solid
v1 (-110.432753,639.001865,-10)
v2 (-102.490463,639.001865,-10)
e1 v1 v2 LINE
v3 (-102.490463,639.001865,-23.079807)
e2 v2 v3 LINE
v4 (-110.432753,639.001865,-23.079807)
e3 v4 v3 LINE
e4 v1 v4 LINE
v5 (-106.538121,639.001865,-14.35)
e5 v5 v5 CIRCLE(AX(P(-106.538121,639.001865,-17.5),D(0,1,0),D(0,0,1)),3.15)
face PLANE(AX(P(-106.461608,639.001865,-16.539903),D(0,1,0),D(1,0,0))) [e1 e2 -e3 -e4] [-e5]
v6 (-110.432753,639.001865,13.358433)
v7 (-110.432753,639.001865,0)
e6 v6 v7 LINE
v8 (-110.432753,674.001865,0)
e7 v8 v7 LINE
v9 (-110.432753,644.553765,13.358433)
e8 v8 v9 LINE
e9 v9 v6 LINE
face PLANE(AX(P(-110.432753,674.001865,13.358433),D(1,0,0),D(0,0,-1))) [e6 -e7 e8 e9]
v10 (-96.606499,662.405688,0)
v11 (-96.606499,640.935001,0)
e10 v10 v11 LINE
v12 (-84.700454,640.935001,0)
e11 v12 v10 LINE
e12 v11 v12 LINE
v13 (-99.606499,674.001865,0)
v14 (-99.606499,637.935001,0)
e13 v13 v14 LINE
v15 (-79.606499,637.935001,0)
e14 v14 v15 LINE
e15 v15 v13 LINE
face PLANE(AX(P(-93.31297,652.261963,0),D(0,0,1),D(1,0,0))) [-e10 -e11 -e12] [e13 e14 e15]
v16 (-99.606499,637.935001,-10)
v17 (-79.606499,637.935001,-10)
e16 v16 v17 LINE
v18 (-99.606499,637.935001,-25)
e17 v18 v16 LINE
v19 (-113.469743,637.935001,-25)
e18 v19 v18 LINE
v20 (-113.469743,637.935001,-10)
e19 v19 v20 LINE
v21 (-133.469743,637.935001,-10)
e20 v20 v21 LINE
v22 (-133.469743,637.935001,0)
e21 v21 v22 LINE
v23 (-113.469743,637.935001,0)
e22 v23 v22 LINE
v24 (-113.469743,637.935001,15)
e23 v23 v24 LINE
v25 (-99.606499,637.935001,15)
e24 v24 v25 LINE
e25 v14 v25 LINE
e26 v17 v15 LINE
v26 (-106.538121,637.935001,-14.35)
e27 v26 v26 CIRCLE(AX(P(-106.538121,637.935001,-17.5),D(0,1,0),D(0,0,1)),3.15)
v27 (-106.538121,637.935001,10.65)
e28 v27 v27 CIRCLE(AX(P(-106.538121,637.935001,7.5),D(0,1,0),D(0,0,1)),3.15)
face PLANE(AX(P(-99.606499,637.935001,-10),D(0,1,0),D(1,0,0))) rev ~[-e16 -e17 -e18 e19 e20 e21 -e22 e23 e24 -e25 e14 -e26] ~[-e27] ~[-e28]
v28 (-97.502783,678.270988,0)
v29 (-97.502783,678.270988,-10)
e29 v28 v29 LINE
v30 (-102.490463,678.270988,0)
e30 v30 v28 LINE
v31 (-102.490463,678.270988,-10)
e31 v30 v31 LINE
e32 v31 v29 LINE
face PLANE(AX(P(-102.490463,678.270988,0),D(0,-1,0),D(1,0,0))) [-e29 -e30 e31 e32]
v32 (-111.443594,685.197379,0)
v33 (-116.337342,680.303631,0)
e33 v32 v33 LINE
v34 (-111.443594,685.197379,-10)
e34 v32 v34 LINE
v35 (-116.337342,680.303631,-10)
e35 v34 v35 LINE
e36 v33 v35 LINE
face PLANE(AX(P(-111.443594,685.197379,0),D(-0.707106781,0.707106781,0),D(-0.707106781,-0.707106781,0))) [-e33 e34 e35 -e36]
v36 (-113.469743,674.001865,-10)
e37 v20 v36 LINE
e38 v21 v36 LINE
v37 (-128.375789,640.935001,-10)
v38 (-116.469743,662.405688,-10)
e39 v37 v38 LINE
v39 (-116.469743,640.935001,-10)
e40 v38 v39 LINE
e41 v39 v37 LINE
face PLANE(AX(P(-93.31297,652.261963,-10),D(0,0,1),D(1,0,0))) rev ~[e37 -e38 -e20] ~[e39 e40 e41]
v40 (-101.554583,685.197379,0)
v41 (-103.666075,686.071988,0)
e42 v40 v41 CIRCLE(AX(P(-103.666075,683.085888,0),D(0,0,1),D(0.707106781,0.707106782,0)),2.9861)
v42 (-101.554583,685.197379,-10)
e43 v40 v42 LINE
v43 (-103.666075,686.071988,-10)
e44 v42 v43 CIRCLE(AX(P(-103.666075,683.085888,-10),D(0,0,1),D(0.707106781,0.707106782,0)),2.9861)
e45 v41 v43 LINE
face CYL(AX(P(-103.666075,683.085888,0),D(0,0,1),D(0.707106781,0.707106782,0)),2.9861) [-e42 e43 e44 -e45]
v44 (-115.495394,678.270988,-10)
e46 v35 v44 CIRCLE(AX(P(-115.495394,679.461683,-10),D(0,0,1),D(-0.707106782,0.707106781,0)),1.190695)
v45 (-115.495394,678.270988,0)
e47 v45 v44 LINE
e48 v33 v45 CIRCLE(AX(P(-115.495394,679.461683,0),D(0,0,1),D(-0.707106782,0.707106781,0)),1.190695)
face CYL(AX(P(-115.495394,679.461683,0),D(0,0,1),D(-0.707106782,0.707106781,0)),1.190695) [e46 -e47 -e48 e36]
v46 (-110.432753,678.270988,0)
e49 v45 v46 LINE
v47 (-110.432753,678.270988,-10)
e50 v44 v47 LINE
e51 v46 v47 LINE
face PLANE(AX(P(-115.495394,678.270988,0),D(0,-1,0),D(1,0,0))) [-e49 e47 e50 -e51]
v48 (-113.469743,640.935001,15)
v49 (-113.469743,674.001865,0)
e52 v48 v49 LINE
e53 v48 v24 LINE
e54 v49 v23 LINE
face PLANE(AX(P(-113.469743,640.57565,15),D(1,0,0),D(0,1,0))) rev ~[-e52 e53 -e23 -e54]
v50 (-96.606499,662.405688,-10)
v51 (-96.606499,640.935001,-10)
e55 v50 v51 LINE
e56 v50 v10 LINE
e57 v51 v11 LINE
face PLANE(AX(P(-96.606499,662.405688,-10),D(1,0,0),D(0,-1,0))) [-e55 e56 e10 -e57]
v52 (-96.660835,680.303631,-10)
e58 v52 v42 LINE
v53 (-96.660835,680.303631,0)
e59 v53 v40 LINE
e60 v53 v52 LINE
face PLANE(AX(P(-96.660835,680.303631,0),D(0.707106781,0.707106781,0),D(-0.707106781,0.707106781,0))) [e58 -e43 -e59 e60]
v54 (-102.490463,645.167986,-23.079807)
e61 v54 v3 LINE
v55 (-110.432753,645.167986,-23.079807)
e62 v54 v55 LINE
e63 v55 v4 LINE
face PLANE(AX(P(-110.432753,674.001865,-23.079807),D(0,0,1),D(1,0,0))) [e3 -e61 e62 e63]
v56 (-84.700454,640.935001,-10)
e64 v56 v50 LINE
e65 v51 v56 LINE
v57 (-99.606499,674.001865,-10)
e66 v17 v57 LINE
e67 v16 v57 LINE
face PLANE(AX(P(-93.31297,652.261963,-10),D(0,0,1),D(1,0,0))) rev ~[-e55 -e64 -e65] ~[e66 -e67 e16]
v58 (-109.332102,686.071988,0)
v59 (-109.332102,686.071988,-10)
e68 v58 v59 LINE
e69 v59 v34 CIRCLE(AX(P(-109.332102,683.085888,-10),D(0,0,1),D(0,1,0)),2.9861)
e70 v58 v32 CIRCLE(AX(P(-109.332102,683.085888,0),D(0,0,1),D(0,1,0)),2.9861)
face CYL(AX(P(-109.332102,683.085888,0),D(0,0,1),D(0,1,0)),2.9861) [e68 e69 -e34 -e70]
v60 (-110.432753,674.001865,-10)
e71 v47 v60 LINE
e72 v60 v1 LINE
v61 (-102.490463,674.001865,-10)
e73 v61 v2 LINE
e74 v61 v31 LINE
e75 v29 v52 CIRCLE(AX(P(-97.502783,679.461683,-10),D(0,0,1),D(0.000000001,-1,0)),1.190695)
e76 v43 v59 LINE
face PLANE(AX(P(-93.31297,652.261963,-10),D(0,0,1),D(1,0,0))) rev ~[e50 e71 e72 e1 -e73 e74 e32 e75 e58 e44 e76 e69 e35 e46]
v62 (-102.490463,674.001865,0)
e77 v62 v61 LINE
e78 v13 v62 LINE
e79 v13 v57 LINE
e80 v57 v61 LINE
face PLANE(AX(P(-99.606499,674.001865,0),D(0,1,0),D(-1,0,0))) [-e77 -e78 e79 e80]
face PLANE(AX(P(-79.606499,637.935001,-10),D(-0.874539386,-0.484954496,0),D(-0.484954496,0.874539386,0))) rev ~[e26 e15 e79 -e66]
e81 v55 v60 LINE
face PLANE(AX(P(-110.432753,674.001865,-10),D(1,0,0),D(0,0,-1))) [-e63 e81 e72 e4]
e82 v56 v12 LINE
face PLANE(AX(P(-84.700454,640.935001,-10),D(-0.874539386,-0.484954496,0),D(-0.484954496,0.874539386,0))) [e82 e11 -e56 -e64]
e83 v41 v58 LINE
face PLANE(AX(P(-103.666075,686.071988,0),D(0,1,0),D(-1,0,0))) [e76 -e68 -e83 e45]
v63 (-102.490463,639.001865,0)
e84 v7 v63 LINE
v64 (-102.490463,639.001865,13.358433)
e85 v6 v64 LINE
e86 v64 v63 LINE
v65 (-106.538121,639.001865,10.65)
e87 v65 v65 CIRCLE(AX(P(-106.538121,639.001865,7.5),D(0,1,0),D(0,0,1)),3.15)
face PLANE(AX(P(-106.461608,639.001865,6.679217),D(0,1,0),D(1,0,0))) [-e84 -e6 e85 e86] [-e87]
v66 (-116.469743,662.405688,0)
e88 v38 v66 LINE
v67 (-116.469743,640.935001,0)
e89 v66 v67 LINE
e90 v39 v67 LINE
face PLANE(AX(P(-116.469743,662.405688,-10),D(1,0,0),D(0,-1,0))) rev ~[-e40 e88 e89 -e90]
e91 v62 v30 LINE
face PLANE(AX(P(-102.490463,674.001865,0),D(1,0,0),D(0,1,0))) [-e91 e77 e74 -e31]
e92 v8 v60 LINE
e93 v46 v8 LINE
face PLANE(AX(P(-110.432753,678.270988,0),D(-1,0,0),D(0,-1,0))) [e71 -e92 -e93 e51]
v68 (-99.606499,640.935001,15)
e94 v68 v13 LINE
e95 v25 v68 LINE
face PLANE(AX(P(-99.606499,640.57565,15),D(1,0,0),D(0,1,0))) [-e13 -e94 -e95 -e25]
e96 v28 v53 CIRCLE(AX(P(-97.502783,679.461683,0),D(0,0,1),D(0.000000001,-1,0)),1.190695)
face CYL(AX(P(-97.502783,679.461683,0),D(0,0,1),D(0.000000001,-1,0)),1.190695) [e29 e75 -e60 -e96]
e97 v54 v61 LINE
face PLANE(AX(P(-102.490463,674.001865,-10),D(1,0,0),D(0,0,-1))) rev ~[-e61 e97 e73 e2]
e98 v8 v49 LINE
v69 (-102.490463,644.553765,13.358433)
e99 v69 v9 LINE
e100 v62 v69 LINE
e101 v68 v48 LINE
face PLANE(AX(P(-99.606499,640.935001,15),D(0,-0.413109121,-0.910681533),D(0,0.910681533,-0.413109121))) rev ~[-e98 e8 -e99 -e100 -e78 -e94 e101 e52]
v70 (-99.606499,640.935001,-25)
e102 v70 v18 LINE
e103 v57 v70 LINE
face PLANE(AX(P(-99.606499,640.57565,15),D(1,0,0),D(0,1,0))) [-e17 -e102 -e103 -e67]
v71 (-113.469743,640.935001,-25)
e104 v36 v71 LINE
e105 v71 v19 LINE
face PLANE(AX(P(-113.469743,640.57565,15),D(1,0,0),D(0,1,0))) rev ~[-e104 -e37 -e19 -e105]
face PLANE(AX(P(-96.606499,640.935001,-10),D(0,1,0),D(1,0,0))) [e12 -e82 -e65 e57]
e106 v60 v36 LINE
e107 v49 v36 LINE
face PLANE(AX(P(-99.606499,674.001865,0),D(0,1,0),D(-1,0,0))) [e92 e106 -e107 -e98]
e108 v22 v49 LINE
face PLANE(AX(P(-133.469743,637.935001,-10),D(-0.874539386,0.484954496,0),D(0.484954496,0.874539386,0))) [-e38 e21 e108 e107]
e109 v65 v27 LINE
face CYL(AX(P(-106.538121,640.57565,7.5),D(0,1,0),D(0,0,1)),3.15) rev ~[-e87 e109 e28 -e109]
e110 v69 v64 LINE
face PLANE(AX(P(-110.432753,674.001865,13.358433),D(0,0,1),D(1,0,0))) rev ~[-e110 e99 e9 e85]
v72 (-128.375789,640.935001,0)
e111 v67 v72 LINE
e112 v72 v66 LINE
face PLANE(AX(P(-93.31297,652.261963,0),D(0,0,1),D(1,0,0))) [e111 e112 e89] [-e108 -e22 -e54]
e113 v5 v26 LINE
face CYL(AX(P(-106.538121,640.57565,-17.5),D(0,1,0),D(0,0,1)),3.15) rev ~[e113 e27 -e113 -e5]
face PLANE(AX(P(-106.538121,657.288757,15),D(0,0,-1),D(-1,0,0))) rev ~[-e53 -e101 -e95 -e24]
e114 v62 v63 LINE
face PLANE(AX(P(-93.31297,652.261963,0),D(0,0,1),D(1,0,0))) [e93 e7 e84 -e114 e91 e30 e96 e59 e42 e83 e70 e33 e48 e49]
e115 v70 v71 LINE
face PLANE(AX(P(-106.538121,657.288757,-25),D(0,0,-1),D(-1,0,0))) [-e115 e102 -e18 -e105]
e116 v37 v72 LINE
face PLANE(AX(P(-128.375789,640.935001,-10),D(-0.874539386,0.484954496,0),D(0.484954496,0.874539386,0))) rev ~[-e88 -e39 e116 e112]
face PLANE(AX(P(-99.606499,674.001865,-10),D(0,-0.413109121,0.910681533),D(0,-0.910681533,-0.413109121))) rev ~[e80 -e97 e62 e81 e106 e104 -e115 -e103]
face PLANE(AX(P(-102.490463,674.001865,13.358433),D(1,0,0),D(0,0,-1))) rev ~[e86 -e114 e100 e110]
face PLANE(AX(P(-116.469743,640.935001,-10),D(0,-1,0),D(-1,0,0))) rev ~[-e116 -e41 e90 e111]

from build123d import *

# Parameters (mm, degrees)
BOSS_EXTRUDE1_DEPTH      = 10
BOSS_EXTRUDE2_DEPTH      = 15
BOSS_EXTRUDE2_DEPTH_BACK = 25
SKETCH2_W                = 13.86324318
SKETCH2_H                = 2.640648634
SKETCH3_R                = 3.15
CUT_EXTRUDE1_DEPTH       = 2.65
BOSS_EXTRUDE3_DEPTH      = 10
SKETCH5_R                = 3.15
CUT_EXTRUDE2_DEPTH       = 10
BOSS_EXTRUDE4_DEPTH      = 15
BOSS_EXTRUDE4_DEPTH_BACK = 25
SKETCH7_W                = 13.86324318
SKETCH7_H                = 33.4262151
CUT_EXTRUDE3_DEPTH       = 15
SKETCH13_W               = 7.942289342
SKETCH13_H               = 13.358433402
SKETCH13_H_2             = 13.079806518
CUT_EXTRUDE4_DEPTH       = 35


with BuildPart() as part:
    # Sketch1 → Boss-Extrude1 (new body)
    with BuildSketch(Plane.XY):
        with BuildLine():
            Line((-102.490463188, 678.270987862), (-97.502783366, 678.270987862))
            ThreePointArc((-97.502783366, 678.270987862), (-96.402724844, 679.006023468), (-96.660835024, 680.30363097))
            Line((-96.660835024, 680.30363097), (-101.554583476, 685.197379422))
            ThreePointArc((-101.554583476, 685.197379422), (-102.523344038, 685.844684534), (-103.666075035, 686.071987862))
            Line((-103.666075035, 686.071987862), (-109.332102168, 686.071987862))
            ThreePointArc((-109.332102168, 686.071987862), (-110.474833165, 685.844684534), (-111.443593727, 685.197379422))
            Line((-111.443593727, 685.197379422), (-116.337342179, 680.30363097))
            ThreePointArc((-116.337342179, 680.30363097), (-116.595452359, 679.006023468), (-115.495393837, 678.270987862))
            Line((-115.495393837, 678.270987862), (-112.290288601, 678.270987862))
            Line((-112.290288601, 678.270987862), (-110.43275253, 678.270987862))
            Line((-110.43275253, 678.270987862), (-110.43275253, 674.001864678))
            Line((-110.43275253, 674.001864678), (-113.469742626, 674.001864678))
            Line((-113.469742626, 674.001864678), (-113.469742626, 640.576503739))
            Line((-113.469742626, 640.576503739), (-113.469742626, 637.935000944))
            Line((-113.469742626, 637.935000944), (-99.606499446, 637.935000944))
            Line((-99.606499446, 637.935000944), (-99.606499446, 674.001864678))
            Line((-99.606499446, 674.001864678), (-102.490463188, 674.001864678))
            Line((-102.490463188, 674.001864678), (-102.490463188, 678.270987862))
        make_face()
    extrude(amount=-BOSS_EXTRUDE1_DEPTH)

    # Sketch2 → Boss-Extrude2 (add, two sides: drawn at the far end of the back side and taken through both)
    with BuildSketch(Plane.XY.offset(-BOSS_EXTRUDE2_DEPTH_BACK)):
        with Locations((-106.538121036, 639.255325261)):
            Rectangle(SKETCH2_W, SKETCH2_H)
    extrude(amount=BOSS_EXTRUDE2_DEPTH + BOSS_EXTRUDE2_DEPTH_BACK)

    # Sketch3 → Cut-Extrude1 (cut)
    with BuildSketch(Plane(origin=(0, 640.575649578, 0), x_dir=(1, 0, 0), z_dir=(0, 1, 0))):
        with Locations(Location((-106.538121036, -7.5, 0), (0, 0, 270))):
            Circle(SKETCH3_R)
    extrude(amount=-CUT_EXTRUDE1_DEPTH, mode=Mode.SUBTRACT)

    # Sketch4 → Boss-Extrude3 (add)
    # profile 1 of 2: a face of its own
    with BuildSketch(Plane(origin=(0, 0, -10), x_dir=(-1, 0, 0), z_dir=(0, 0, -1))):
        Polygon((99.606499446, 637.935000944), (79.606499446, 637.935000944), (99.606499446, 674.001864678), align=None)
        Polygon((84.700453543, 640.935000944), (96.606499446, 662.405687703), (96.606499446, 640.935000944), align=None, mode=Mode.SUBTRACT)
    # profile 2 of 2: a face of its own
    with BuildSketch(Plane(origin=(0, 0, -10), x_dir=(-1, 0, 0), z_dir=(0, 0, -1))):
        Polygon((113.469742626, 637.935000944), (133.469742626, 637.935000944), (113.469742626, 674.001864678), align=None)
        Polygon((116.469742626, 662.405687703), (116.469742626, 640.935000944), (128.375788529, 640.935000944), align=None, mode=Mode.SUBTRACT)
    extrude(amount=-BOSS_EXTRUDE3_DEPTH)

    # Sketch5 → Cut-Extrude2 (cut)
    with BuildSketch(Plane(origin=(0, 640.575649578, 0), x_dir=(1, 0, 0), z_dir=(0, 1, 0))):
        with Locations(Location((-106.538121036, 17.5, 0), (0, 0, 270))):
            Circle(SKETCH5_R)
    extrude(amount=-CUT_EXTRUDE2_DEPTH, mode=Mode.SUBTRACT)

    # Sketch7 → Boss-Extrude4 (add, two sides: drawn at the far end of the back side and taken through both)
    with BuildSketch(Plane(origin=(0, 0, -10), x_dir=(-1, 0, 0), z_dir=(0, 0, -1)).offset(-BOSS_EXTRUDE4_DEPTH_BACK)):
        with Locations((106.538121036, 657.288757128)):
            Rectangle(SKETCH7_W, SKETCH7_H)
    extrude(amount=BOSS_EXTRUDE4_DEPTH + BOSS_EXTRUDE4_DEPTH_BACK)

    # Sketch10 → Cut-Extrude3 (cut)
    with BuildSketch(Plane(origin=(-99.606499446, 0, 0), x_dir=(0, 0, -1), z_dir=(1, 0, 0))):
        Polygon((25, 674.001864678), (10, 674.001864678), (25, 640.935000944), align=None)
        Polygon((-15, 640.935000944), (0, 674.001864678), (-15, 674.001864678), align=None)
    extrude(amount=-CUT_EXTRUDE3_DEPTH, mode=Mode.SUBTRACT)

    # Sketch13 → Cut-Extrude4 (cut)
    with BuildSketch(Plane(origin=(0, 674.001864678, 0), x_dir=(1, 0, 0), z_dir=(0, 1, 0))):
        with Locations((-106.461607859, -6.679216701)):
            Rectangle(SKETCH13_W, SKETCH13_H)
        with Locations((-106.461607859, 16.539903259)):
            Rectangle(SKETCH13_W, SKETCH13_H_2)
    extrude(amount=-CUT_EXTRUDE4_DEPTH, mode=Mode.SUBTRACT)


solid = part.part
